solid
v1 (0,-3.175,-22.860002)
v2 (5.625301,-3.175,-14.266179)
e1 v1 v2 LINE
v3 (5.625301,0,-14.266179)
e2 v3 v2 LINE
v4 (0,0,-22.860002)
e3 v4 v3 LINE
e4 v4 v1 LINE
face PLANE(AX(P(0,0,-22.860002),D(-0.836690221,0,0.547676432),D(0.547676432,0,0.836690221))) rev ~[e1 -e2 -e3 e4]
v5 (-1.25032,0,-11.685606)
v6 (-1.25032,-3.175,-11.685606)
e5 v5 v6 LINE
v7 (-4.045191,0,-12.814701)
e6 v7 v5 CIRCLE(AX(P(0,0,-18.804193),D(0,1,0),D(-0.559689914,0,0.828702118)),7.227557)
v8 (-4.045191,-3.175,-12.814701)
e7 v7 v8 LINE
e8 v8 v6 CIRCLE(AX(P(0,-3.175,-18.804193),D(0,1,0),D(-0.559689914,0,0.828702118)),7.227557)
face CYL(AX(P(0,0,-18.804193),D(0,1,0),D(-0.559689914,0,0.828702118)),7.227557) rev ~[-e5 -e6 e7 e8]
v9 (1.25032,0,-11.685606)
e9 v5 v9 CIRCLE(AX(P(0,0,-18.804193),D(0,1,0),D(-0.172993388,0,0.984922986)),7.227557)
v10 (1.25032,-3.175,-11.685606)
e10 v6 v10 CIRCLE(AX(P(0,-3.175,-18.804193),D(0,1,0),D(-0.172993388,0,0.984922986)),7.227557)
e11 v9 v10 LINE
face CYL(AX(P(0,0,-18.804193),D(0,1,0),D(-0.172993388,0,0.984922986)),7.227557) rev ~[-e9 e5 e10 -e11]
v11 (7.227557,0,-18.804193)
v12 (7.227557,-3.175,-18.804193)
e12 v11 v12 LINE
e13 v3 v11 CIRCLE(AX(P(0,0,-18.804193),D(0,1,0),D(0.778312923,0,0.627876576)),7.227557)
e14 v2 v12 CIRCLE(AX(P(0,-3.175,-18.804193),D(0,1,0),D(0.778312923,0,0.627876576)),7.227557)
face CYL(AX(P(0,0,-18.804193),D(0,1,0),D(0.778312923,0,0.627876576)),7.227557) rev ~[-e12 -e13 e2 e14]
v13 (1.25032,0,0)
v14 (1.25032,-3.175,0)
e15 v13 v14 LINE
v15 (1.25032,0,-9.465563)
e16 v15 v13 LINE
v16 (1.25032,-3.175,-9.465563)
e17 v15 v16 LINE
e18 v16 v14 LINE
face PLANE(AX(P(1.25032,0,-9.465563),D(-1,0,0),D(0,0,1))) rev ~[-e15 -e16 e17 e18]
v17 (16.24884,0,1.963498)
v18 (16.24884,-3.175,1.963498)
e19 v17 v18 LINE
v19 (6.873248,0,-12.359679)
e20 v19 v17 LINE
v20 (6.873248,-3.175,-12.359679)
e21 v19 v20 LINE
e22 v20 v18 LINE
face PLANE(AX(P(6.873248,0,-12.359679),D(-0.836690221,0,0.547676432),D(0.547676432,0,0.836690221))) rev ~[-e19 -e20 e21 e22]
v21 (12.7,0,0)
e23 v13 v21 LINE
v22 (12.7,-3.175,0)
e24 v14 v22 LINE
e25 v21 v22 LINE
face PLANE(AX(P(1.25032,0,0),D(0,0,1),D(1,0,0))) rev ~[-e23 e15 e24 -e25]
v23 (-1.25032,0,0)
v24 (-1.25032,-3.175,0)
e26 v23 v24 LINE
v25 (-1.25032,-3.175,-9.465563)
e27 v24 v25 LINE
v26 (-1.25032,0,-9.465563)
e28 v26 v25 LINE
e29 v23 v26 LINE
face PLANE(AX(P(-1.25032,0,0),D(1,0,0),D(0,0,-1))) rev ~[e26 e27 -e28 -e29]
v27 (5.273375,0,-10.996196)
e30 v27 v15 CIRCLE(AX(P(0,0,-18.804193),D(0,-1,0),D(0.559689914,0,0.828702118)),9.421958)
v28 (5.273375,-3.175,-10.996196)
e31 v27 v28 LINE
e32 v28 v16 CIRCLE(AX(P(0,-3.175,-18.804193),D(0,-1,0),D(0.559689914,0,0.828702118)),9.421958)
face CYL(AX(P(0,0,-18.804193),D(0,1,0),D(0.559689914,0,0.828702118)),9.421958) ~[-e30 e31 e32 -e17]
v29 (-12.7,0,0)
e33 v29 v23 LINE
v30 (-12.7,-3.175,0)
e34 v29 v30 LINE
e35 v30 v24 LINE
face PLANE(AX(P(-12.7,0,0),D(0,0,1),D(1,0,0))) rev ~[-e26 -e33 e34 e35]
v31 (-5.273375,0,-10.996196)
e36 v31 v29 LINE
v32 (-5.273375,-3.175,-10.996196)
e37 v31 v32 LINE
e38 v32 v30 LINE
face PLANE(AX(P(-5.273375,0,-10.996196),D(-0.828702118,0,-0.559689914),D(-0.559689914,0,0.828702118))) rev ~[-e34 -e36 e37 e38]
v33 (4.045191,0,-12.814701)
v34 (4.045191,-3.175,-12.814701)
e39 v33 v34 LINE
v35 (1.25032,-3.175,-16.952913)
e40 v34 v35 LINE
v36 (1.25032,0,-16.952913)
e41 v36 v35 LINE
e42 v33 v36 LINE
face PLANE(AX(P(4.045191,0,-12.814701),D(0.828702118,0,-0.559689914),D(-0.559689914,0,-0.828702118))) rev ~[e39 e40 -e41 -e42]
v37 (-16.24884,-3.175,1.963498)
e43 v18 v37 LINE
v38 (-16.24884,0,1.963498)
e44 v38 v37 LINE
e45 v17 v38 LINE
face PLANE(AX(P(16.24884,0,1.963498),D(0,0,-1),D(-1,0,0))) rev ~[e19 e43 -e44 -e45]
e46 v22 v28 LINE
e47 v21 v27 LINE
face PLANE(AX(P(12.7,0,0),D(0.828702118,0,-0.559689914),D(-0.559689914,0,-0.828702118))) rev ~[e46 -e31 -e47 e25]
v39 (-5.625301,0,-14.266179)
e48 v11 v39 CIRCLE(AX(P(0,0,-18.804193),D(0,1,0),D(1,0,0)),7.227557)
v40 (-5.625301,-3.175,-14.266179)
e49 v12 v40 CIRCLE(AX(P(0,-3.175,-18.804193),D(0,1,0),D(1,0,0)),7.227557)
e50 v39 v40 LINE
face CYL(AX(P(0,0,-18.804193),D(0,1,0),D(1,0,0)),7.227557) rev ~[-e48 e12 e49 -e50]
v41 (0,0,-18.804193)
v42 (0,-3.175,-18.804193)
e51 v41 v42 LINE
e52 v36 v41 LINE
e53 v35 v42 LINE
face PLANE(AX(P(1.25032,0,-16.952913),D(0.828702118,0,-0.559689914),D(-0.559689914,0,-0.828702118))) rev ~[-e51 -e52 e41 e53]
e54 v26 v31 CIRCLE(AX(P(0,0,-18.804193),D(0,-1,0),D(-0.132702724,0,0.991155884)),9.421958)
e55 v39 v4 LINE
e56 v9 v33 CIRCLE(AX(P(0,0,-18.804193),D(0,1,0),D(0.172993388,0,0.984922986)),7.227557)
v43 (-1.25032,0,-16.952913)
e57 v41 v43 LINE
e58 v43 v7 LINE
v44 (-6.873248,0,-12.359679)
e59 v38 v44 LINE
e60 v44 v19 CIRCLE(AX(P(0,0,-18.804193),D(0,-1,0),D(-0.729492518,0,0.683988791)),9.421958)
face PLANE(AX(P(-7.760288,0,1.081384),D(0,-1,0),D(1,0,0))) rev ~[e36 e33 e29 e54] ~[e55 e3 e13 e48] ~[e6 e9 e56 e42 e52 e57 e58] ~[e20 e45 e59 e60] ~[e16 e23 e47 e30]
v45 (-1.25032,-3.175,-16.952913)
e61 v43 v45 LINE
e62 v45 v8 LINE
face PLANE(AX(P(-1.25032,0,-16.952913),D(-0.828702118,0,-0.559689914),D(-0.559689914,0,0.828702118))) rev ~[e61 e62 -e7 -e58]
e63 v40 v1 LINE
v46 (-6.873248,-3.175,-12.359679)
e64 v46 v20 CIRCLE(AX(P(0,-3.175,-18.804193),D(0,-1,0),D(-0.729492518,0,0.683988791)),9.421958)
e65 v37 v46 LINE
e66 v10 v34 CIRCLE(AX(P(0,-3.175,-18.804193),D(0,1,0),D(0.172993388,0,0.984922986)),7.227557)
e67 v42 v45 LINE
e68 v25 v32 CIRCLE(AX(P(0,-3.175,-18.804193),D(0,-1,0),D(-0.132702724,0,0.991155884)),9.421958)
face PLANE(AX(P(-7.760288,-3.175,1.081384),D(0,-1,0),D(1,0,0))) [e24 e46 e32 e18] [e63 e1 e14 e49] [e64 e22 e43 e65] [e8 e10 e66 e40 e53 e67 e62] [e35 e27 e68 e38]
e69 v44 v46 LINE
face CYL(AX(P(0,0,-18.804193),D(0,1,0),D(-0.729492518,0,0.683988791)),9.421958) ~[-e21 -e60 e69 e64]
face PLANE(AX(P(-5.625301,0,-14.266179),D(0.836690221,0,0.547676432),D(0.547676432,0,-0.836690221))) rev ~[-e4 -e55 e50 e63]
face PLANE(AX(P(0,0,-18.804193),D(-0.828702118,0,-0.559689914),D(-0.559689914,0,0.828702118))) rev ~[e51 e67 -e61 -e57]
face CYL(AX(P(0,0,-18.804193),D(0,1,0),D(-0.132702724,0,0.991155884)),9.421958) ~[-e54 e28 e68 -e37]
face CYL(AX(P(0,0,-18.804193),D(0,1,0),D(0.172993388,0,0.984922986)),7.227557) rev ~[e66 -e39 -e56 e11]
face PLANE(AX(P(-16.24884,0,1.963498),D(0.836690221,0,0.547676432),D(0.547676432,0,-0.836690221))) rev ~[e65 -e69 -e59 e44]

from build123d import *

# Parameters (mm, degrees)
F1_DEPTH = 3.175


with BuildPart() as f1:
    # F0 (on Front) → F1 (new body)
    with BuildSketch(Plane.XZ):
        Polygon((-1.2503195478, 0), (0, 0), (0, 1.9634975899), (-16.2488400529, 1.9634975899), (-12.7, 0), align=None)
        Polygon((0, 1.9634975899), (0, 0), (1.2503195478, 0), (12.7, 0), (16.2488400529, 1.9634975899), align=None)
        with BuildLine():
            Line((16.2488400529, 1.9634975899), (12.7, 0))
            Line((12.7, 0), (5.273375106, -10.9961956262))
            ThreePointArc((5.273375106, -10.9961956262), (6.1114552938, -11.6331804071), (6.8732481888, -12.3596785818))
            Line((6.8732481888, -12.3596785818), (16.2488400529, 1.9634975899))
        make_face()
        with BuildLine():
            Line((-5.273375106, -10.9961956262), (-12.7, 0))
            Line((-12.7, 0), (-16.2488400529, 1.9634975899))
            Line((-16.2488400529, 1.9634975899), (-6.8732481888, -12.3596785818))
            ThreePointArc((-6.8732481888, -12.3596785818), (-6.1114552938, -11.6331804071), (-5.273375106, -10.9961956262))
        make_face()
        with BuildLine():
            Line((1.2503195478, 0), (0, 0))
            Line((0, 0), (-1.2503195478, 0))
            Line((-1.2503195478, 0), (-1.2503195478, -9.4655629921))
            ThreePointArc((-1.2503195478, -9.4655629921), (0, -9.3822341022), (1.2503195478, -9.4655629921))
            Line((1.2503195478, -9.4655629921), (1.2503195478, 0))
        make_face()
        with BuildLine():
            Line((1.2503195478, -11.6856056581), (1.2503195478, -9.4655629921))
            ThreePointArc((1.2503195478, -9.4655629921), (0, -9.3822341022), (-1.2503195478, -9.4655629921))
            Line((-1.2503195478, -9.4655629921), (-1.2503195478, -11.6856056581))
            ThreePointArc((-1.2503195478, -11.6856056581), (0, -11.5766356799), (1.2503195478, -11.6856056581))
        make_face()
        with BuildLine():
            Line((-1.2503195478, -11.6856056581), (-1.2503195478, -9.4655629921))
            ThreePointArc((-1.2503195478, -9.4655629921), (-3.3504263981, -9.9980615076), (-5.273375106, -10.9961956262))
            Line((-5.273375106, -10.9961956262), (-4.0451906764, -12.8147008617))
            ThreePointArc((-4.0451906764, -12.8147008617), (-2.7072718978, -12.1028302128), (-1.2503195478, -11.6856056581))
        make_face()
        with BuildLine():
            Line((-4.0451906764, -12.8147008617), (-5.273375106, -10.9961956262))
            ThreePointArc((-5.273375106, -10.9961956262), (-6.1114552938, -11.6331804071), (-6.8732481888, -12.3596785818))
            Line((-6.8732481888, -12.3596785818), (-5.6253009067, -14.2661788895))
            ThreePointArc((-5.6253009067, -14.2661788895), (-4.8894068128, -13.4814790218), (-4.0451906764, -12.8147008617))
        make_face()
        with BuildLine():
            Line((-5.6253009067, -14.2661788895), (-6.8732481888, -12.3596785818))
            ThreePointArc((-6.8732481888, -12.3596785818), (-3.4651004367, -27.5658350731), (9.4219584409, -18.804192543))
            ThreePointArc((9.4219584409, -18.804192543), (8.7616425301, -15.3390921063), (6.8732481888, -12.3596785818))
            Line((6.8732481888, -12.3596785818), (5.6253009067, -14.2661788895))
            ThreePointArc((5.6253009067, -14.2661788895), (6.8152314849, -16.3979095137), (7.2275568631, -18.804192543))
            ThreePointArc((7.2275568631, -18.804192543), (-2.4062830293, -25.6194240279), (-5.6253009067, -14.2661788895))
        make_face()
        with BuildLine():
            Line((-1.2503195478, -16.9529130534), (-4.0451906764, -12.8147008617))
            ThreePointArc((-4.0451906764, -12.8147008617), (-4.8894068128, -13.4814790218), (-5.6253009067, -14.2661788895))
            Line((-5.6253009067, -14.2661788895), (0, -22.8600017726))
            Line((0, -22.8600017726), (0, -18.804192543))
            Line((0, -18.804192543), (-1.2503195478, -16.9529130534))
        make_face()
        with BuildLine():
            ThreePointArc((5.6253009067, -14.2661788895), (4.8894068128, -13.4814790218), (4.0451906764, -12.8147008617))
            Line((4.0451906764, -12.8147008617), (1.2503195478, -16.9529130534))
            Line((1.2503195478, -16.9529130534), (0, -18.804192543))
            Line((0, -18.804192543), (0, -22.8600017726))
            Line((0, -22.8600017726), (5.6253009067, -14.2661788895))
        make_face()
        with BuildLine():
            ThreePointArc((5.273375106, -10.9961956262), (3.3504263981, -9.9980615076), (1.2503195478, -9.4655629921))
            Line((1.2503195478, -9.4655629921), (1.2503195478, -11.6856056581))
            ThreePointArc((1.2503195478, -11.6856056581), (2.7072718978, -12.1028302128), (4.0451906764, -12.8147008617))
            Line((4.0451906764, -12.8147008617), (5.273375106, -10.9961956262))
        make_face()
        with BuildLine():
            ThreePointArc((6.8732481888, -12.3596785818), (6.1114552938, -11.6331804071), (5.273375106, -10.9961956262))
            Line((5.273375106, -10.9961956262), (4.0451906764, -12.8147008617))
            ThreePointArc((4.0451906764, -12.8147008617), (4.8894068128, -13.4814790218), (5.6253009067, -14.2661788895))
            Line((5.6253009067, -14.2661788895), (6.8732481888, -12.3596785818))
        make_face()
    extrude(amount=F1_DEPTH)


solid = f1.part
